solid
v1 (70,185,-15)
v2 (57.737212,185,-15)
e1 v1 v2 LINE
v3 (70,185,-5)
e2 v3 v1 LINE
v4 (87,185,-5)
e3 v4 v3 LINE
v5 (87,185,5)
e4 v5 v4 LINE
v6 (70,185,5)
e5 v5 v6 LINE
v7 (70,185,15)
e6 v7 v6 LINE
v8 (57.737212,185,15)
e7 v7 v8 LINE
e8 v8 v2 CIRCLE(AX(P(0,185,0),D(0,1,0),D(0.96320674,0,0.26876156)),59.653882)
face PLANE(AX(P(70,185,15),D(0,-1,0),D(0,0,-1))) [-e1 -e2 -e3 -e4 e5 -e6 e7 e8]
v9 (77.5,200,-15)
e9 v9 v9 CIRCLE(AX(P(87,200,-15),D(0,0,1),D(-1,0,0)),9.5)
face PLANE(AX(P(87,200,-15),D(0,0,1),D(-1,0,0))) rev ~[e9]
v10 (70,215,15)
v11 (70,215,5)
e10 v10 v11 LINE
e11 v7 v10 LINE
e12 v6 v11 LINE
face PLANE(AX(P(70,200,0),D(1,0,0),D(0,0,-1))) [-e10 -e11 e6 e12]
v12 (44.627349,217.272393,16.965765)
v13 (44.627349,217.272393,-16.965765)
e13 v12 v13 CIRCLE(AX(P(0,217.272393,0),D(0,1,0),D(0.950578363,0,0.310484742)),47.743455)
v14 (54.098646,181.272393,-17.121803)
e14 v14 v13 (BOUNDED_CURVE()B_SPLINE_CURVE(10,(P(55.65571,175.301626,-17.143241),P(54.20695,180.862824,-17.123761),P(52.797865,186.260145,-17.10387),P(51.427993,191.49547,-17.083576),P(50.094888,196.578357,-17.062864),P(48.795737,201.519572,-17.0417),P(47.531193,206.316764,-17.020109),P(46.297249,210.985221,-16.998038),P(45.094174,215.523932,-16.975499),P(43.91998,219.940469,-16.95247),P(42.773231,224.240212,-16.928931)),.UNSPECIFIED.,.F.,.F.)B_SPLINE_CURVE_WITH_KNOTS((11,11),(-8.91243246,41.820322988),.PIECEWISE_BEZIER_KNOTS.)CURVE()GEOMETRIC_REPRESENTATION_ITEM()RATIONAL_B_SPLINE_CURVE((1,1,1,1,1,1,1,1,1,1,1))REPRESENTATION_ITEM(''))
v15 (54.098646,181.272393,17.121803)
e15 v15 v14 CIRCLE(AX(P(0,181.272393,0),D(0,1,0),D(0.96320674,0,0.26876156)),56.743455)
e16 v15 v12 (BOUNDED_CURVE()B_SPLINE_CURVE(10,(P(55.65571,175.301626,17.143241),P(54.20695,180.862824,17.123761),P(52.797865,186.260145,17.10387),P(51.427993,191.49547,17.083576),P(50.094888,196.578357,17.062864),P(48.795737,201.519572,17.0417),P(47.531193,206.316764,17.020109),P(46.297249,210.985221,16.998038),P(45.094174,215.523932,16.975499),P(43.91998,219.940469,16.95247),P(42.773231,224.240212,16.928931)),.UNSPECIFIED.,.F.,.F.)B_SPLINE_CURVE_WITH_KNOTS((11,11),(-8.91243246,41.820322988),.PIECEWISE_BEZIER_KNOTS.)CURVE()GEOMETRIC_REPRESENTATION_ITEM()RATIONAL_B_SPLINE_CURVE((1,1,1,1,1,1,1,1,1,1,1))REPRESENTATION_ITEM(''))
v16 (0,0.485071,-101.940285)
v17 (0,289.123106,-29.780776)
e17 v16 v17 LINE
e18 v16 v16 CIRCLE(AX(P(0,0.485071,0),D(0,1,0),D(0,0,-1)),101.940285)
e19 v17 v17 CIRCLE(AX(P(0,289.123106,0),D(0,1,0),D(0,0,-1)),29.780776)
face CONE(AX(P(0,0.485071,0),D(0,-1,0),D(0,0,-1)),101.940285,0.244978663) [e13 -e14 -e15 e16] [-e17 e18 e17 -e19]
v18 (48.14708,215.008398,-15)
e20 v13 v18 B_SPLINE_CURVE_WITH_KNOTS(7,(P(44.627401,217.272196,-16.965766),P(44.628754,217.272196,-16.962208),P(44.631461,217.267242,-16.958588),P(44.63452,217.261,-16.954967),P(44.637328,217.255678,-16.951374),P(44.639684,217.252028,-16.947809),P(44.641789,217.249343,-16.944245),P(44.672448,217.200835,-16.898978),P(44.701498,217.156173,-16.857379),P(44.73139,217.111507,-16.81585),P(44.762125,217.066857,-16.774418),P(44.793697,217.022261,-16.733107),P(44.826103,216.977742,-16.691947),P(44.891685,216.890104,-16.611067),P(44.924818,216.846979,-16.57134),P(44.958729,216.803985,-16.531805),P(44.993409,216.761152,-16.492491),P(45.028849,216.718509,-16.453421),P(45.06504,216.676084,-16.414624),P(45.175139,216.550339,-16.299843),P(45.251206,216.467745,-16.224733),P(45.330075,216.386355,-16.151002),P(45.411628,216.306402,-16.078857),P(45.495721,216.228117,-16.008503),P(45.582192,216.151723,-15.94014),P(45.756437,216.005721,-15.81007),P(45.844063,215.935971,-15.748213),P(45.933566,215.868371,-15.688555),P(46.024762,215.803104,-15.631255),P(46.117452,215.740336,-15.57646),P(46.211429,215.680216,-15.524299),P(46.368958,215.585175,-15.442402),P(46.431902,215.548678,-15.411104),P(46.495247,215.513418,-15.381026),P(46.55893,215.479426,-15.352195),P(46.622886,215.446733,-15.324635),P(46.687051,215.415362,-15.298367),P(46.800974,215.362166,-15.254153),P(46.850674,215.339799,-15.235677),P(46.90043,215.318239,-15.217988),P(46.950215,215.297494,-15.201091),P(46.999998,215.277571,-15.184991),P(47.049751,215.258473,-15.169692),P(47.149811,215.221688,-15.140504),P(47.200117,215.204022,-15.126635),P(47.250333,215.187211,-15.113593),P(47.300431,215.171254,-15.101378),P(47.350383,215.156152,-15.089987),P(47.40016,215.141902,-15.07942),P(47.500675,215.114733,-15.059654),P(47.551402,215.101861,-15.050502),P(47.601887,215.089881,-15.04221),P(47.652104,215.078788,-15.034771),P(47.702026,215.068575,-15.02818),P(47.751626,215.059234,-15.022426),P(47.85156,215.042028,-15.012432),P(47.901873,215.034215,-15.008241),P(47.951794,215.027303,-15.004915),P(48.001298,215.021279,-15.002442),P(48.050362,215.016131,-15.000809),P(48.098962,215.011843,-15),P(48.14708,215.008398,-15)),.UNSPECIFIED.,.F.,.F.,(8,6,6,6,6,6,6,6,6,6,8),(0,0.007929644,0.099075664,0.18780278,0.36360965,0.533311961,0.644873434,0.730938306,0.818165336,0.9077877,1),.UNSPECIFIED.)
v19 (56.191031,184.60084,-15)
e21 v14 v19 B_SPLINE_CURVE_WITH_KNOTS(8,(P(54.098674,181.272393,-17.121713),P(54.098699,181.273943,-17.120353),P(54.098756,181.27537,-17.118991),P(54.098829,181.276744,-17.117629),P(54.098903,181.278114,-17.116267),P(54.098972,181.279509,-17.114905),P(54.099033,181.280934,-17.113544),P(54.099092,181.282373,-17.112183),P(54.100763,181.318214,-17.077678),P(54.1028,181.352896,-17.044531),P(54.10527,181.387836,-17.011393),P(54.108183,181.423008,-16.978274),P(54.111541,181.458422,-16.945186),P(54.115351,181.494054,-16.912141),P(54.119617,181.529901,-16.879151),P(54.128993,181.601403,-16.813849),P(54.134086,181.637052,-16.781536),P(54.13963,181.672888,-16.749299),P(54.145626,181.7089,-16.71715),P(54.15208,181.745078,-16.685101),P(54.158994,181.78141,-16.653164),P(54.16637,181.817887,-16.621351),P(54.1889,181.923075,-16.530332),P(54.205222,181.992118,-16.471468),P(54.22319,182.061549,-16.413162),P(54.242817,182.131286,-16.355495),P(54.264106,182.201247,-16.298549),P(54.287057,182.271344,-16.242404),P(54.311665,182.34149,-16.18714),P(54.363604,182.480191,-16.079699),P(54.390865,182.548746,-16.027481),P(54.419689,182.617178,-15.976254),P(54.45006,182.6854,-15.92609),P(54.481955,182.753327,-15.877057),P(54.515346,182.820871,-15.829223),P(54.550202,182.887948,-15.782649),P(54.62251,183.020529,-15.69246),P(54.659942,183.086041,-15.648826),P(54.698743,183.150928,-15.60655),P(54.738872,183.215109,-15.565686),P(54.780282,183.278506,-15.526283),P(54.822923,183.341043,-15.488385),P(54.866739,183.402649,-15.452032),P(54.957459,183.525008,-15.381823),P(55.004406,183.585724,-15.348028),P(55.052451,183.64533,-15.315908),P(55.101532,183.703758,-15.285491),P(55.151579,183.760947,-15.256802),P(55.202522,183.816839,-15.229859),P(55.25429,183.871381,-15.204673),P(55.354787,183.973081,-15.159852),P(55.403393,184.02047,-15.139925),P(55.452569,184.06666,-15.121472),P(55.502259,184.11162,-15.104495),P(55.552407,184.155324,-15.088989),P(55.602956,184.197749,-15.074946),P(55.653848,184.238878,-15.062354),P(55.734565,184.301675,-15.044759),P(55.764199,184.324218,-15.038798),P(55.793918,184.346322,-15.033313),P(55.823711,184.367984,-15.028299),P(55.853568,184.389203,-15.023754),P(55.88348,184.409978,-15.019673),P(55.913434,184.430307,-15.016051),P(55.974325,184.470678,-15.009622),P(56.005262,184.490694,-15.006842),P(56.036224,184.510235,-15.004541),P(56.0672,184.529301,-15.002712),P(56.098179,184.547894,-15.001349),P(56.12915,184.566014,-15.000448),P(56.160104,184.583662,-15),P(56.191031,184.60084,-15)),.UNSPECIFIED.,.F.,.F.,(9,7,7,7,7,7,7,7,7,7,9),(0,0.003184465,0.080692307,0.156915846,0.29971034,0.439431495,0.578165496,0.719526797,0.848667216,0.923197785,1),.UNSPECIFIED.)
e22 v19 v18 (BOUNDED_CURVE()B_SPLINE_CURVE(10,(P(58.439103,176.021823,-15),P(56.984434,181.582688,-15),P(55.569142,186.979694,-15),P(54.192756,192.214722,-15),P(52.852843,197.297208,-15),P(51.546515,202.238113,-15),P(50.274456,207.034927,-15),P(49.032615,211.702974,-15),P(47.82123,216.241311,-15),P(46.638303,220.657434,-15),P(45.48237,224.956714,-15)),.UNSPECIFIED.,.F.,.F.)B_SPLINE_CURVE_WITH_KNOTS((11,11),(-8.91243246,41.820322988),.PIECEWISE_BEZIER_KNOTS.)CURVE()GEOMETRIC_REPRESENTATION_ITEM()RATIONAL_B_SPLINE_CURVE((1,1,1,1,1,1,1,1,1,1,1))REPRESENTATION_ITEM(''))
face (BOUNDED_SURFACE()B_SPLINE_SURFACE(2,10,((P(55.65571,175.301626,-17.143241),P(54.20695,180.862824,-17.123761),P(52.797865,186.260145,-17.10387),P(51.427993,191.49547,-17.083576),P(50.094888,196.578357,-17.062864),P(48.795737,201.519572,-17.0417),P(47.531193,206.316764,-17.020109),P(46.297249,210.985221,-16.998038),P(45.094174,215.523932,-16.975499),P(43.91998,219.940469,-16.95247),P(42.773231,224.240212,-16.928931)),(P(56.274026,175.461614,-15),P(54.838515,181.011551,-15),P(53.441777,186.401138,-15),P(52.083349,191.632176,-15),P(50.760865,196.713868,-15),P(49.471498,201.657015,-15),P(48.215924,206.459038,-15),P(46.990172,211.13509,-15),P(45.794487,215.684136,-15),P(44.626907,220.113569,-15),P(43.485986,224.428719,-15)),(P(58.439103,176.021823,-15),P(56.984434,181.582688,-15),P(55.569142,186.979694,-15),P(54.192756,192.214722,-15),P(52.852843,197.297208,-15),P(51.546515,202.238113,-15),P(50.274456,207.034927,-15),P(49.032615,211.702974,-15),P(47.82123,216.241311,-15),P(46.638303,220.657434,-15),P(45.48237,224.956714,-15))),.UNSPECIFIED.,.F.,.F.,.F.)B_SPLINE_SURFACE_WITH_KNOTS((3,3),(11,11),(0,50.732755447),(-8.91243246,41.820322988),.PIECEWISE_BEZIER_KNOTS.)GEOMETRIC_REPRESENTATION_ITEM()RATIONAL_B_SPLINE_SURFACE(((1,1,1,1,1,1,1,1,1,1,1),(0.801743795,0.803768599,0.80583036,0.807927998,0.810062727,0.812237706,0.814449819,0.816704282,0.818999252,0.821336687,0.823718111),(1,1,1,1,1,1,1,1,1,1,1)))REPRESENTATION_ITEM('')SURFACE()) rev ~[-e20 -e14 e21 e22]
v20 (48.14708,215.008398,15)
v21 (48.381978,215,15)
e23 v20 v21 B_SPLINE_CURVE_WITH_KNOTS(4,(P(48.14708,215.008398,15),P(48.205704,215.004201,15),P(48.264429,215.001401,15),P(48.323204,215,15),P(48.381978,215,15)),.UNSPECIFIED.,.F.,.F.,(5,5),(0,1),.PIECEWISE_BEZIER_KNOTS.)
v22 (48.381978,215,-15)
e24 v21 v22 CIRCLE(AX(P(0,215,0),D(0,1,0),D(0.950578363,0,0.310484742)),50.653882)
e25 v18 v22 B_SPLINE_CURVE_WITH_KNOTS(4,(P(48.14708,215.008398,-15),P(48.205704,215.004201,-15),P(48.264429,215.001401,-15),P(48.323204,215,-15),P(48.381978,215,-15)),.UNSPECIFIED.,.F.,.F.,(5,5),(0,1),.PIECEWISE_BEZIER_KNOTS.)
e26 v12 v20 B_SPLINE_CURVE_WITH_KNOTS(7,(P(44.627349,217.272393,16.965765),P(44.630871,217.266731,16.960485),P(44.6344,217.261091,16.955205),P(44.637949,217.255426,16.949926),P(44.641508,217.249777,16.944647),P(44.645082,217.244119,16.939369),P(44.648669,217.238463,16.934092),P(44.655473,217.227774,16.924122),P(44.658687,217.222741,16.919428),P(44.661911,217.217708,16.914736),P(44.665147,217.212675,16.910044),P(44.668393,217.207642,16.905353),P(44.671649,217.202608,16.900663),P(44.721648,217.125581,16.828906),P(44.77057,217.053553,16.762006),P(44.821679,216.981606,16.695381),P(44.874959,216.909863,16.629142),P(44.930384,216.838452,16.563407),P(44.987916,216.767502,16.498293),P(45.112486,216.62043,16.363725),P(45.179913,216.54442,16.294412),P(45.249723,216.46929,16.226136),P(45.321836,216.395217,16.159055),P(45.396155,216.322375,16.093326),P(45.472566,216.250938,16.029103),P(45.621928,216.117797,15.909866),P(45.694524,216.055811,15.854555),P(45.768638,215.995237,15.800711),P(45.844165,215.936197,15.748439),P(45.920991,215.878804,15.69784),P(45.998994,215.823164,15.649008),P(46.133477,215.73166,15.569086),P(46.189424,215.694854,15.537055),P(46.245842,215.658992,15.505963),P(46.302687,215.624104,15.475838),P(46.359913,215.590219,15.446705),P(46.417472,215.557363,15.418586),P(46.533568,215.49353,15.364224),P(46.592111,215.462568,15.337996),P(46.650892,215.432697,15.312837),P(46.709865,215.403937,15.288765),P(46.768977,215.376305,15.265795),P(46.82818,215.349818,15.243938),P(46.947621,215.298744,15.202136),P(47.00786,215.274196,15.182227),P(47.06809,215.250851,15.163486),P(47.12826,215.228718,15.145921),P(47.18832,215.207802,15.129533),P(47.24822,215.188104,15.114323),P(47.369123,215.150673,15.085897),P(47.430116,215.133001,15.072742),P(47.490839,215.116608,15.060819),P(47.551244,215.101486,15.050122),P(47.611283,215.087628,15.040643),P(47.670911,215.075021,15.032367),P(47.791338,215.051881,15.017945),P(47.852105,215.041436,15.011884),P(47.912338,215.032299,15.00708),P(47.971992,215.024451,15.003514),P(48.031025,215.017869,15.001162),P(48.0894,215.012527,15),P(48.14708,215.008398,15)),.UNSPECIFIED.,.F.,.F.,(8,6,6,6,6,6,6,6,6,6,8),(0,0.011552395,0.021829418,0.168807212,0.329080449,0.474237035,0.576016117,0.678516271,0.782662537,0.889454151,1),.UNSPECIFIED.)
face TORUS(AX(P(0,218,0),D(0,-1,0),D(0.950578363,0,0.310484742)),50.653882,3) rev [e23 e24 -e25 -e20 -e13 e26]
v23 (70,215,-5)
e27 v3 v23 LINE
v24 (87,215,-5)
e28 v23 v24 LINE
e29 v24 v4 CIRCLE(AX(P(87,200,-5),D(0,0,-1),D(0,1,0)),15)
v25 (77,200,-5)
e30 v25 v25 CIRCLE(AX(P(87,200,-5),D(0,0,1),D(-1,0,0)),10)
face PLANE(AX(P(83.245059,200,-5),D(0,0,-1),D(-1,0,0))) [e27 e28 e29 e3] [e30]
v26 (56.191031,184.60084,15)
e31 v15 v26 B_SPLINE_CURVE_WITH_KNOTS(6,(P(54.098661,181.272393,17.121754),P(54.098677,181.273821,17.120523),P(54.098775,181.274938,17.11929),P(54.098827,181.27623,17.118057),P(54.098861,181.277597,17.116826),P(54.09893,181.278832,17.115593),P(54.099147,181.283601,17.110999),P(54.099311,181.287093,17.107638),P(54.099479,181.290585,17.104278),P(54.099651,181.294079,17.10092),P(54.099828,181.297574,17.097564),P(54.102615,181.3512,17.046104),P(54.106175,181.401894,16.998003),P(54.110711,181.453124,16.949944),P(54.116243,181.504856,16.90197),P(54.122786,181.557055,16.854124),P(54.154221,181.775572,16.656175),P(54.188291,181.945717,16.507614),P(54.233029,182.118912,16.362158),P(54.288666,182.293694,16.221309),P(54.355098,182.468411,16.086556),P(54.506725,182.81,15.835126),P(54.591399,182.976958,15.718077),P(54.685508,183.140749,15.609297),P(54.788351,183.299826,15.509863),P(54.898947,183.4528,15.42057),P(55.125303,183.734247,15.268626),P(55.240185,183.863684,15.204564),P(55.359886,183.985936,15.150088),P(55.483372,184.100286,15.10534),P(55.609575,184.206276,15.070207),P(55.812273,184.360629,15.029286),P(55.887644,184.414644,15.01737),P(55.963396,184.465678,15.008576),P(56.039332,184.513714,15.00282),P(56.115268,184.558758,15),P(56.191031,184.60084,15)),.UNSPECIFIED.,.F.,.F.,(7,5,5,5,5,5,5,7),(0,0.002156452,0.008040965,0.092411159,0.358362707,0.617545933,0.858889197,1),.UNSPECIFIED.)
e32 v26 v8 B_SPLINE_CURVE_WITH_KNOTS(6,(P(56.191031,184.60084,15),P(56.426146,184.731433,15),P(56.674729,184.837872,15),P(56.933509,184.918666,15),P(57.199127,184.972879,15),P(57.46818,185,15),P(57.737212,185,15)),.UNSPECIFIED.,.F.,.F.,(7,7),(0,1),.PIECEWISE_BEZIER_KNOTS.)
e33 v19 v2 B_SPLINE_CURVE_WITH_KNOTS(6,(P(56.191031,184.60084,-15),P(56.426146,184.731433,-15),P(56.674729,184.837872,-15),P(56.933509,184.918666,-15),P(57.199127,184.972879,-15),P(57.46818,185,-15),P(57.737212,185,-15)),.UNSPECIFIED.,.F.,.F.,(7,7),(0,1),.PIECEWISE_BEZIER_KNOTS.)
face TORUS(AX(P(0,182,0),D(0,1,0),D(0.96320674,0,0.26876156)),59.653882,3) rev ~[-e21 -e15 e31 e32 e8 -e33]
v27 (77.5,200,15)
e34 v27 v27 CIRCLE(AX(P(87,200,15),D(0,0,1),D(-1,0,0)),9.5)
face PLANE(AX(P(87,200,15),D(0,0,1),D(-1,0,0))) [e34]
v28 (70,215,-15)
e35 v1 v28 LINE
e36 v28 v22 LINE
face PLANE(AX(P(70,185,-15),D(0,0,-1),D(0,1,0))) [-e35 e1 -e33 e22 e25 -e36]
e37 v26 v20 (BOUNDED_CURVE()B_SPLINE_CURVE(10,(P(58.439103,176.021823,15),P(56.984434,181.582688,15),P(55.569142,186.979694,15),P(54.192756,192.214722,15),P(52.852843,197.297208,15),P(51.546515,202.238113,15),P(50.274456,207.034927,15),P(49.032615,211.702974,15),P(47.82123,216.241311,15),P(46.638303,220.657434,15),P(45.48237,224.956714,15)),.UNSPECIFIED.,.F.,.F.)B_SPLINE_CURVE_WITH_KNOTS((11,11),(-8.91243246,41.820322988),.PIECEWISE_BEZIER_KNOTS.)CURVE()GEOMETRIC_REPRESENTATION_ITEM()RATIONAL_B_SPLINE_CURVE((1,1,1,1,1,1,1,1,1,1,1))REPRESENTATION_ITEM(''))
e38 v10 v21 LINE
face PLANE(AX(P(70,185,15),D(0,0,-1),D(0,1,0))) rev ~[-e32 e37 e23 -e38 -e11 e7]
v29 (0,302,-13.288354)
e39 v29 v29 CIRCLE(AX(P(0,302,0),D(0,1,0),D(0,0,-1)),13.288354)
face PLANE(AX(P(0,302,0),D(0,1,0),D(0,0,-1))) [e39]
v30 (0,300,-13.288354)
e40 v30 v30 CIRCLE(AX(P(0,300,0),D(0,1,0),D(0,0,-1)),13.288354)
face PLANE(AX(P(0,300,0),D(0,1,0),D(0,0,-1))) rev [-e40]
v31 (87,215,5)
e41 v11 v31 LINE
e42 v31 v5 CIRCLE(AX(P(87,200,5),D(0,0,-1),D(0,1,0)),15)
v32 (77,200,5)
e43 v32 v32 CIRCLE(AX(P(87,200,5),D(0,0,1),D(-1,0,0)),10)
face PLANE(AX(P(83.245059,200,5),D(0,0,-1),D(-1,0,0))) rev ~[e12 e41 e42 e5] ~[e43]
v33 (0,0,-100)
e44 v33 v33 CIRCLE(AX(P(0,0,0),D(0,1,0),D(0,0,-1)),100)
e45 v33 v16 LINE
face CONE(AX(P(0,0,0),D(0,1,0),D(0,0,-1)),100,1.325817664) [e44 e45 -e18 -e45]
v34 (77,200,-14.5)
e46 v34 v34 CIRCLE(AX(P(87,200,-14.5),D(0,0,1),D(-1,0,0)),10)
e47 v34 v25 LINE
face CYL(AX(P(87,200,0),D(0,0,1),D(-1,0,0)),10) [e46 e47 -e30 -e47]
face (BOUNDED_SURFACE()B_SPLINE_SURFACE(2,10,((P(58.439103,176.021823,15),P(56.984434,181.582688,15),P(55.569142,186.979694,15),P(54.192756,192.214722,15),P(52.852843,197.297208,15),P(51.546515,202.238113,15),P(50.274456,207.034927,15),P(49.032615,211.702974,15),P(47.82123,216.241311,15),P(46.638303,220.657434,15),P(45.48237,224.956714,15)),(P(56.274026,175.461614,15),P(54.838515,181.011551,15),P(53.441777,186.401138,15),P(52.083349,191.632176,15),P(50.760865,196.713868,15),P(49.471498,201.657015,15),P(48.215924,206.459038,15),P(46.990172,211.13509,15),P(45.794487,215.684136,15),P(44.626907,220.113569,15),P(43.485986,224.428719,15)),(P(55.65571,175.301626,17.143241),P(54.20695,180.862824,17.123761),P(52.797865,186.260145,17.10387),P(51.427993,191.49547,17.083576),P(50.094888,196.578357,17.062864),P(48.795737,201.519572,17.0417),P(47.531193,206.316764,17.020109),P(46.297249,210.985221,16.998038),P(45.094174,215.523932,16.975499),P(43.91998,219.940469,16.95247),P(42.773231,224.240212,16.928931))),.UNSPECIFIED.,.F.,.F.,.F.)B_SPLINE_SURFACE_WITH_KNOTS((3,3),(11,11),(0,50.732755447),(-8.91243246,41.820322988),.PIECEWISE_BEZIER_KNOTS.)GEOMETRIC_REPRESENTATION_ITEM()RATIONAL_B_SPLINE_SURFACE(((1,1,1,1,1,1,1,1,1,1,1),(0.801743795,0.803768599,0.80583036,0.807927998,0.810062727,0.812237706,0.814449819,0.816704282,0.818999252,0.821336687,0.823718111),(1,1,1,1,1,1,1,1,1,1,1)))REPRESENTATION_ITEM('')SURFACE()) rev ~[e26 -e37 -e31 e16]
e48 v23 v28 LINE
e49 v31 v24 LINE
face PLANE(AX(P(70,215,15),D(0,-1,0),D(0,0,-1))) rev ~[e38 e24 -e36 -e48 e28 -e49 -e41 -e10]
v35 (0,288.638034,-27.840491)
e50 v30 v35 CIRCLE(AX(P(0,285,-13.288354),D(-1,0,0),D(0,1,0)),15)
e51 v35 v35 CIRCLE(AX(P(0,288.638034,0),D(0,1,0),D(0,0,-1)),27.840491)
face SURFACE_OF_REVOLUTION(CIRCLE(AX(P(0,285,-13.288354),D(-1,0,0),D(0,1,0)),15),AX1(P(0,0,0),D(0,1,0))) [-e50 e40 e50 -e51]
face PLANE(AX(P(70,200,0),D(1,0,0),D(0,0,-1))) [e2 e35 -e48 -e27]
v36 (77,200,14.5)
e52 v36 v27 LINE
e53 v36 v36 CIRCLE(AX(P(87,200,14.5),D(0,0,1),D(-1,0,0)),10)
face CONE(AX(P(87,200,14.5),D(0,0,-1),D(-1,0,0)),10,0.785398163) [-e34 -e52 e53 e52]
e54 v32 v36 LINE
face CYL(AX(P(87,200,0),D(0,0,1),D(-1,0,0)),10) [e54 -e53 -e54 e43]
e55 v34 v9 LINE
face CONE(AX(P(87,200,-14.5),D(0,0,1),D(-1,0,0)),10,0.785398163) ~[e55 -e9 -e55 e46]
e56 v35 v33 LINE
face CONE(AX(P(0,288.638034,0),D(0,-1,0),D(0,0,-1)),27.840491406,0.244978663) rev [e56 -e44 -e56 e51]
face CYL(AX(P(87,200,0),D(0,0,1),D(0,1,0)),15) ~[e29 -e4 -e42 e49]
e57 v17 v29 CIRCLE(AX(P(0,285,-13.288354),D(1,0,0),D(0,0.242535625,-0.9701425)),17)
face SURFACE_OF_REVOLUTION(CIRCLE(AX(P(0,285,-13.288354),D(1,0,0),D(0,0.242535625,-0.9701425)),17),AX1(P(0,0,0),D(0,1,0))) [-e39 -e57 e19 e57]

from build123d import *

# Parameters (mm, degrees)
BOSS_EXTRUDE1_REACH = 406.646
BOSS_EXTRUDE1_START = 70
SKETCH3_W           = 30
SKETCH3_H           = 30
BOSS_EXTRUDE2_DEPTH = 5
SKETCH5_R           = 10
BOSS_EXTRUDE3_DEPTH = 15
FILLET1_R           = 3
CHAMFER1_SIZE       = 0.5


with BuildPart() as part:
    # Sketch2 → Revolve-Thin1 (revolve)
    with BuildSketch(Plane.XY, mode=Mode.PRIVATE) as revolve_thin1_sk:
        with BuildLine():
            Line((0, 300), (-13.288353904, 300))
            ThreePointArc((-13.288353904, 300), (-22.519537045, 296.82308157), (-27.840491406, 288.638034376))
            Line((-27.840491406, 288.638034376), (-100, 0))
            Line((-100, 0), (-101.940285, 0.48507125))
            Line((-101.940285, 0.48507125), (-29.780776406, 289.123105626))
            ThreePointArc((-29.780776406, 289.123105626), (-23.750361464, 298.399492446), (-13.288353904, 302))
            Line((-13.288353904, 302), (0, 302))
            Line((0, 302), (0, 300))
        make_face()
    revolve(revolve_thin1_sk.sketch.rotate(Axis((0, 0, 0), (0, 1, 0)), 270), axis=Axis((0, 0, 0), (0, 1, 0)))

    # Sketch3 → Boss-Extrude1 (add, up to next)
    with BuildSketch(Plane(origin=(0, 0, 0), x_dir=(0, 0, -1), z_dir=(1, 0, 0)).offset(BOSS_EXTRUDE1_START), mode=Mode.PRIVATE) as boss_extrude1_sk1:
        with Locations((0, 200)):
            Rectangle(SKETCH3_W, SKETCH3_H)
    boss_extrude1_tool1 = extrude(boss_extrude1_sk1.sketch, amount=-BOSS_EXTRUDE1_REACH, mode=Mode.PRIVATE) - part.part
    add(boss_extrude1_tool1.solids().sort_by_distance((70, 200, 0))[0])

    # Sketch4 → Boss-Extrude2 (add, symmetric)
    with BuildSketch(Plane.XY):
        with BuildLine():
            Line((70, 215), (87, 215))
            ThreePointArc((87, 215), (102, 200), (87, 185))
            Line((87, 185), (70, 185))
            Line((70, 185), (70, 215))
        make_face()
    extrude(amount=BOSS_EXTRUDE2_DEPTH, both=True)

    # Sketch5 → Boss-Extrude3 (add, symmetric)
    with BuildSketch(Plane.XY):
        with Locations(Location((87, 200, 0), (0, 0, 180))):
            Circle(SKETCH5_R)
    extrude(amount=BOSS_EXTRUDE3_DEPTH, both=True)

    # Fillet1
    fillet1_edges = [part.edges().sort_by_distance(p)[0] for p in [
        (48.311552813, 215, 0),
        (49.853019013, 200.003141557, -15),
        (49.853019013, 200.003141557, 15),
        (55.811552813, 185, 0),
    ]]
    fillet(fillet1_edges, radius=FILLET1_R)

    # Chamfer1
    chamfer1_edges = [part.edges().sort_by_distance(p)[0] for p in [
        (97, 200, -15),
        (97, 200, 15),
    ]]
    chamfer(chamfer1_edges, length=CHAMFER1_SIZE)


solid = part.part
